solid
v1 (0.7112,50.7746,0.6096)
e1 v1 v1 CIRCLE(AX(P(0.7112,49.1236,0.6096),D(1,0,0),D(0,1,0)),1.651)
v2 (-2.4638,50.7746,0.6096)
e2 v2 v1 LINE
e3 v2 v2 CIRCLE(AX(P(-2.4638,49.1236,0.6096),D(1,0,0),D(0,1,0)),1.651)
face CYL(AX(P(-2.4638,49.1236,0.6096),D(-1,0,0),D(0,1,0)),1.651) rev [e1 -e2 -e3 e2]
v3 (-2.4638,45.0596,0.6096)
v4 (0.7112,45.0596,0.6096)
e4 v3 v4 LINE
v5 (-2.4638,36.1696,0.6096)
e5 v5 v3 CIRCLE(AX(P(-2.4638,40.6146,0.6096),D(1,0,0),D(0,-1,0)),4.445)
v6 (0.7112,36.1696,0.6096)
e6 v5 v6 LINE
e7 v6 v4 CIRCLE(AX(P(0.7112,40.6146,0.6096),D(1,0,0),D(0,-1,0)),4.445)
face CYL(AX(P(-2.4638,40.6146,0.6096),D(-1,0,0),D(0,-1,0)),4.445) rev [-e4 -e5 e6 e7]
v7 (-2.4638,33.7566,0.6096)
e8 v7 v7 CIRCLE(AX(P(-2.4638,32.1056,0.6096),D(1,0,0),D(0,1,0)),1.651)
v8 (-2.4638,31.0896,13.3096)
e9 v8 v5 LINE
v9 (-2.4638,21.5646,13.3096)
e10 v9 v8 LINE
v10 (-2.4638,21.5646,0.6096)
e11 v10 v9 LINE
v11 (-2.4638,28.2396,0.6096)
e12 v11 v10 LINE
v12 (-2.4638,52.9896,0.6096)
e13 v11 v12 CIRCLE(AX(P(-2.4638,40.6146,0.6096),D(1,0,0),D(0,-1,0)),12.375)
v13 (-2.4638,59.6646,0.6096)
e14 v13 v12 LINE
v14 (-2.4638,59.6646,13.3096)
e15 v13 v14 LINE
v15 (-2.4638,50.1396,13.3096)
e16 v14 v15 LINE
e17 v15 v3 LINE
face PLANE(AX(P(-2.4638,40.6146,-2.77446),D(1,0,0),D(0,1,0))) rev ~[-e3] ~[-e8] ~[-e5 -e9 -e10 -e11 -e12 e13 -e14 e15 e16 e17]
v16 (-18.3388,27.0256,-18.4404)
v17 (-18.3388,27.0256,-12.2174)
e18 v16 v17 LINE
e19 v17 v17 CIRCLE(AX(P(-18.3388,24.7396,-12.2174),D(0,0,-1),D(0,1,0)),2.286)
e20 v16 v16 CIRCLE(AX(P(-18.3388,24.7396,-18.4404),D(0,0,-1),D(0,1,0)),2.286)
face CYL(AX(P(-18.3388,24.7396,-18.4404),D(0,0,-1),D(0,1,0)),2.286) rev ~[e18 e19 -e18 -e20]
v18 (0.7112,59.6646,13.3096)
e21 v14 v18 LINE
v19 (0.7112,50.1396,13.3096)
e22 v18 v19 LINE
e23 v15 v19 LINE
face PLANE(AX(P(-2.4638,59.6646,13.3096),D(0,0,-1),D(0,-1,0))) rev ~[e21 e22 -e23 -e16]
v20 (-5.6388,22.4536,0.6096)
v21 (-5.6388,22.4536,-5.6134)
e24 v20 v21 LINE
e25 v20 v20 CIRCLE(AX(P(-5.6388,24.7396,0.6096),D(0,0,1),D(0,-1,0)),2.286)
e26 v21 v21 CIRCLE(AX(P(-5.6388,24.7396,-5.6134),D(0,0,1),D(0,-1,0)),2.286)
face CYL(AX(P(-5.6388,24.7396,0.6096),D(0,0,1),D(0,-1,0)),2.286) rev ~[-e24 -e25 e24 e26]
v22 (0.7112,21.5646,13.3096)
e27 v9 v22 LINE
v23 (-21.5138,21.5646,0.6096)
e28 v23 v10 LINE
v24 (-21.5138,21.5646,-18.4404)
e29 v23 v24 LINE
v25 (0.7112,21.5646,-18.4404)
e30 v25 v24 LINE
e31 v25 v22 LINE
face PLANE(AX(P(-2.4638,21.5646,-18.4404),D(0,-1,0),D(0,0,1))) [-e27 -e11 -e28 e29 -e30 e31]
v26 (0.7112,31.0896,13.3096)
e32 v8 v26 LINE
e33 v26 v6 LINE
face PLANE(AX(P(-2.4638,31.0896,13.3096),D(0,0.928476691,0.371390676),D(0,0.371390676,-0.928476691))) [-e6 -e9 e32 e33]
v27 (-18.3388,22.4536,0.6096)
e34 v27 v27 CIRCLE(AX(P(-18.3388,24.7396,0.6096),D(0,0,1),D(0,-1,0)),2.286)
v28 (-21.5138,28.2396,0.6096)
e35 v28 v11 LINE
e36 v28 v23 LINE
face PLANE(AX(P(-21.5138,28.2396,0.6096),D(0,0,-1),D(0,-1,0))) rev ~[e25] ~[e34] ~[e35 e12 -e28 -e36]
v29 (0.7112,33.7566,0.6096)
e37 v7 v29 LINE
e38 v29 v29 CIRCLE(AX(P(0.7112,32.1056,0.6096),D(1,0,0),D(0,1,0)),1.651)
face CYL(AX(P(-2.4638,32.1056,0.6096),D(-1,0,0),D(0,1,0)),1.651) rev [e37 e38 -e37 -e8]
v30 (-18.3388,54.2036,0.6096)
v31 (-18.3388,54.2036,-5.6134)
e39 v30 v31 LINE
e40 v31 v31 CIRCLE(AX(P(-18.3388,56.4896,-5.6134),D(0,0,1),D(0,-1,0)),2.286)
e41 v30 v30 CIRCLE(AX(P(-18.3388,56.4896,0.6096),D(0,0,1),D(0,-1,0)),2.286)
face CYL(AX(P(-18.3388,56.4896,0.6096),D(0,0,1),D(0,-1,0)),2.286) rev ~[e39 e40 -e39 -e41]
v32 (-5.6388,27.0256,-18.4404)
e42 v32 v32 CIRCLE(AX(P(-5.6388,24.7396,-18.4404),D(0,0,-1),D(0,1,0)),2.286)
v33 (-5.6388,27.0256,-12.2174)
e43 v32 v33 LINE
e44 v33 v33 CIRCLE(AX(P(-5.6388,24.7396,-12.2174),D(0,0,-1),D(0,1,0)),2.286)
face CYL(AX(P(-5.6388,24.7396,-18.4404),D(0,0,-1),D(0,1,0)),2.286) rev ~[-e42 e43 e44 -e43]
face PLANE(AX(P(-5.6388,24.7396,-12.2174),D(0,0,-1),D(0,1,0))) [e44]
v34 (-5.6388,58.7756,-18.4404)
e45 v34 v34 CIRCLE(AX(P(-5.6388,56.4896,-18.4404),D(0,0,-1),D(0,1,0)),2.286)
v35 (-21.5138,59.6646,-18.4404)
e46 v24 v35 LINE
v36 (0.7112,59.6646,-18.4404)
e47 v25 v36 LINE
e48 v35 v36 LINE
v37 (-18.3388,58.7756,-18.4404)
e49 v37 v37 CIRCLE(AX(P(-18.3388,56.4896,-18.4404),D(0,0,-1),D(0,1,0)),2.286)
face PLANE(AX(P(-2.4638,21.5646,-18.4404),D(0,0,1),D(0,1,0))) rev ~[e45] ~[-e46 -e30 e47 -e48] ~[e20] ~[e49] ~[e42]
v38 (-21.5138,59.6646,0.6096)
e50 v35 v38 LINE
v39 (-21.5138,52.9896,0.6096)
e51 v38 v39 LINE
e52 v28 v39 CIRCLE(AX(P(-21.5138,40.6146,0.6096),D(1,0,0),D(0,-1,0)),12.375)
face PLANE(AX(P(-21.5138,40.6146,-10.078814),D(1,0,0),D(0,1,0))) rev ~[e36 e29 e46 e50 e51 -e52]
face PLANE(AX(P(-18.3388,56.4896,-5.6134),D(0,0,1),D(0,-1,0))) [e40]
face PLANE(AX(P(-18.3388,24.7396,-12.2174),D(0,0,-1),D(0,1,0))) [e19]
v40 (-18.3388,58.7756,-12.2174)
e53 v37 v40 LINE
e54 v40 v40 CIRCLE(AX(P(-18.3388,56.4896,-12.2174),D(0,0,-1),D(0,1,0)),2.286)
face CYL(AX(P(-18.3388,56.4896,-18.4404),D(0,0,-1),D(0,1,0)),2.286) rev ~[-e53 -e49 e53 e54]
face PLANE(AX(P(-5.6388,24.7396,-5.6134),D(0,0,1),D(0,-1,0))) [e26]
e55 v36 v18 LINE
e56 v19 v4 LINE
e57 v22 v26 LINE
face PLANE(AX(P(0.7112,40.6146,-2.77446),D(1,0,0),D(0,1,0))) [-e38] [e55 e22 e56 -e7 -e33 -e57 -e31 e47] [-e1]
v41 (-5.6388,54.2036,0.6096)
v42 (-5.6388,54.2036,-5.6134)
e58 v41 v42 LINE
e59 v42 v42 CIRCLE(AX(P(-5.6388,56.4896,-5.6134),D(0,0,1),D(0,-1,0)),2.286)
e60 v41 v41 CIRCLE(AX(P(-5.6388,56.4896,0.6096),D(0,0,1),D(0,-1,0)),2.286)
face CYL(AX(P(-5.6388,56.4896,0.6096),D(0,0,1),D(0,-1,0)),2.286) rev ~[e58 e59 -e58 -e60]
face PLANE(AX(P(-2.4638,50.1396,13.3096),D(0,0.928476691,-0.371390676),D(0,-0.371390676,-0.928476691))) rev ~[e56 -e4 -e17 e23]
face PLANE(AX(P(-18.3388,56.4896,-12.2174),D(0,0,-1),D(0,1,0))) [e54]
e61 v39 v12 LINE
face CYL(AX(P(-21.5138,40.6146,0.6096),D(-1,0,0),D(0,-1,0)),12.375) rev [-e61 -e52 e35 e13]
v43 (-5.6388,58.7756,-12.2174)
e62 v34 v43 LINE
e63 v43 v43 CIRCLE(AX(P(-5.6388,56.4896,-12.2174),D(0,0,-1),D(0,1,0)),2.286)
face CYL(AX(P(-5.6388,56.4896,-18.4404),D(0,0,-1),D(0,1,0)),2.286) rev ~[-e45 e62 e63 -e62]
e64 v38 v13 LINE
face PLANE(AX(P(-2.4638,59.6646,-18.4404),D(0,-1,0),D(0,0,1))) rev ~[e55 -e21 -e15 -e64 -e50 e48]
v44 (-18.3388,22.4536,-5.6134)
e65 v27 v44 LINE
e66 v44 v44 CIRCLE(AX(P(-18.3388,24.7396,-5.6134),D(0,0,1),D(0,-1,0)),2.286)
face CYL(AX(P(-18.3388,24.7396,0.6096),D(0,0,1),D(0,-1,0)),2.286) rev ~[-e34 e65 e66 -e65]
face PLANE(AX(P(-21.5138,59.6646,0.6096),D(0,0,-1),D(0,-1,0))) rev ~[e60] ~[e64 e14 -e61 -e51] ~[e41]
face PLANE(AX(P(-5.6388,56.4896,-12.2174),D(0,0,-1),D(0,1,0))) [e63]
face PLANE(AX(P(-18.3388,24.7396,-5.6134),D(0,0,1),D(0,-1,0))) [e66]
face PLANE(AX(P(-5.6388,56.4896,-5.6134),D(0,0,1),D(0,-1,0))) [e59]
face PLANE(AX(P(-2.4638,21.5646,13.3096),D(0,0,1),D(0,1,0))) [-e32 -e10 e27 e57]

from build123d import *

# Parameters (mm, degrees)
PAD032_DEPTH    = 19.05
SKETCH066_R     = 2.286
POCKET002_DEPTH = 6.223
SKETCH067_R     = 2.286
POCKET003_DEPTH = 6.223
SKETCH068_R     = 1.651
PAD041_DEPTH    = 3.175


with BuildPart() as part:
    # Sketch065 → Pad032 (new body)
    with BuildSketch(Plane.YZ):
        with BuildLine():
            Line((-19.05, 9.525), (-19.05, -9.525))
            Line((-19.05, -9.525), (19.05, -9.525))
            Line((19.05, -9.525), (19.05, 9.525))
            Line((19.05, 9.525), (12.375, 9.525))
            ThreePointArc((-12.375, 9.525), (0, -2.85), (12.375, 9.525))
            Line((-12.375, 9.525), (-19.05, 9.525))
        make_face()
    extrude(amount=PAD032_DEPTH)

    # Sketch066 (on Face6 of Pad032) → Pocket002 (cut)
    with BuildSketch(Plane(origin=(0, 0, 9.525), x_dir=(0, -1, 0), z_dir=(0, 0, 1))):
        with Locations((15.875, 15.875)):
            Circle(SKETCH066_R)
        with Locations((15.875, 3.175)):
            Circle(SKETCH066_R)
        with Locations((-15.875, 15.875)):
            Circle(SKETCH066_R)
        with Locations((-15.875, 3.175)):
            Circle(SKETCH066_R)
    extrude(amount=-POCKET002_DEPTH, mode=Mode.SUBTRACT)

    # Sketch067 (on Face2 of Pad032) → Pocket003 (cut)
    with BuildSketch(Plane.YX.offset(9.525)):
        with Locations((15.875, 15.875)):
            Circle(SKETCH067_R)
        with Locations((15.875, 3.175)):
            Circle(SKETCH067_R)
        with Locations((-15.875, 15.875)):
            Circle(SKETCH067_R)
        with Locations((-15.875, 3.175)):
            Circle(SKETCH067_R)
    extrude(amount=-POCKET003_DEPTH, mode=Mode.SUBTRACT)

    # Sketch068 (on Face5 of Pocket003) → Pad041 (join)
    with BuildSketch(Plane.YZ.offset(19.05)):
        with BuildLine():
            Line((-19.05, -9.525), (19.05, -9.525))
            Line((19.05, -9.525), (19.05, 22.225))
            Line((19.05, 22.225), (9.525, 22.225))
            Line((9.525, 22.225), (4.445, 9.525))
            ThreePointArc((-4.445, 9.525), (0, 5.08), (4.445, 9.525))
            Line((-9.525, 22.225), (-4.445, 9.525))
            Line((-19.05, 22.225), (-9.525, 22.225))
            Line((-19.05, -9.525), (-19.05, 22.225))
        make_face()
        with Locations((-8.509, 9.525)):
            Circle(SKETCH068_R, mode=Mode.SUBTRACT)
        with Locations((8.509, 9.525)):
            Circle(SKETCH068_R, mode=Mode.SUBTRACT)
    extrude(amount=PAD041_DEPTH)


with BuildPart() as part_1:
    # Body026 placement: moved
    add(part.part.moved(Location((-21.5138, 40.6146, -8.9154))))


solid = part_1.part
